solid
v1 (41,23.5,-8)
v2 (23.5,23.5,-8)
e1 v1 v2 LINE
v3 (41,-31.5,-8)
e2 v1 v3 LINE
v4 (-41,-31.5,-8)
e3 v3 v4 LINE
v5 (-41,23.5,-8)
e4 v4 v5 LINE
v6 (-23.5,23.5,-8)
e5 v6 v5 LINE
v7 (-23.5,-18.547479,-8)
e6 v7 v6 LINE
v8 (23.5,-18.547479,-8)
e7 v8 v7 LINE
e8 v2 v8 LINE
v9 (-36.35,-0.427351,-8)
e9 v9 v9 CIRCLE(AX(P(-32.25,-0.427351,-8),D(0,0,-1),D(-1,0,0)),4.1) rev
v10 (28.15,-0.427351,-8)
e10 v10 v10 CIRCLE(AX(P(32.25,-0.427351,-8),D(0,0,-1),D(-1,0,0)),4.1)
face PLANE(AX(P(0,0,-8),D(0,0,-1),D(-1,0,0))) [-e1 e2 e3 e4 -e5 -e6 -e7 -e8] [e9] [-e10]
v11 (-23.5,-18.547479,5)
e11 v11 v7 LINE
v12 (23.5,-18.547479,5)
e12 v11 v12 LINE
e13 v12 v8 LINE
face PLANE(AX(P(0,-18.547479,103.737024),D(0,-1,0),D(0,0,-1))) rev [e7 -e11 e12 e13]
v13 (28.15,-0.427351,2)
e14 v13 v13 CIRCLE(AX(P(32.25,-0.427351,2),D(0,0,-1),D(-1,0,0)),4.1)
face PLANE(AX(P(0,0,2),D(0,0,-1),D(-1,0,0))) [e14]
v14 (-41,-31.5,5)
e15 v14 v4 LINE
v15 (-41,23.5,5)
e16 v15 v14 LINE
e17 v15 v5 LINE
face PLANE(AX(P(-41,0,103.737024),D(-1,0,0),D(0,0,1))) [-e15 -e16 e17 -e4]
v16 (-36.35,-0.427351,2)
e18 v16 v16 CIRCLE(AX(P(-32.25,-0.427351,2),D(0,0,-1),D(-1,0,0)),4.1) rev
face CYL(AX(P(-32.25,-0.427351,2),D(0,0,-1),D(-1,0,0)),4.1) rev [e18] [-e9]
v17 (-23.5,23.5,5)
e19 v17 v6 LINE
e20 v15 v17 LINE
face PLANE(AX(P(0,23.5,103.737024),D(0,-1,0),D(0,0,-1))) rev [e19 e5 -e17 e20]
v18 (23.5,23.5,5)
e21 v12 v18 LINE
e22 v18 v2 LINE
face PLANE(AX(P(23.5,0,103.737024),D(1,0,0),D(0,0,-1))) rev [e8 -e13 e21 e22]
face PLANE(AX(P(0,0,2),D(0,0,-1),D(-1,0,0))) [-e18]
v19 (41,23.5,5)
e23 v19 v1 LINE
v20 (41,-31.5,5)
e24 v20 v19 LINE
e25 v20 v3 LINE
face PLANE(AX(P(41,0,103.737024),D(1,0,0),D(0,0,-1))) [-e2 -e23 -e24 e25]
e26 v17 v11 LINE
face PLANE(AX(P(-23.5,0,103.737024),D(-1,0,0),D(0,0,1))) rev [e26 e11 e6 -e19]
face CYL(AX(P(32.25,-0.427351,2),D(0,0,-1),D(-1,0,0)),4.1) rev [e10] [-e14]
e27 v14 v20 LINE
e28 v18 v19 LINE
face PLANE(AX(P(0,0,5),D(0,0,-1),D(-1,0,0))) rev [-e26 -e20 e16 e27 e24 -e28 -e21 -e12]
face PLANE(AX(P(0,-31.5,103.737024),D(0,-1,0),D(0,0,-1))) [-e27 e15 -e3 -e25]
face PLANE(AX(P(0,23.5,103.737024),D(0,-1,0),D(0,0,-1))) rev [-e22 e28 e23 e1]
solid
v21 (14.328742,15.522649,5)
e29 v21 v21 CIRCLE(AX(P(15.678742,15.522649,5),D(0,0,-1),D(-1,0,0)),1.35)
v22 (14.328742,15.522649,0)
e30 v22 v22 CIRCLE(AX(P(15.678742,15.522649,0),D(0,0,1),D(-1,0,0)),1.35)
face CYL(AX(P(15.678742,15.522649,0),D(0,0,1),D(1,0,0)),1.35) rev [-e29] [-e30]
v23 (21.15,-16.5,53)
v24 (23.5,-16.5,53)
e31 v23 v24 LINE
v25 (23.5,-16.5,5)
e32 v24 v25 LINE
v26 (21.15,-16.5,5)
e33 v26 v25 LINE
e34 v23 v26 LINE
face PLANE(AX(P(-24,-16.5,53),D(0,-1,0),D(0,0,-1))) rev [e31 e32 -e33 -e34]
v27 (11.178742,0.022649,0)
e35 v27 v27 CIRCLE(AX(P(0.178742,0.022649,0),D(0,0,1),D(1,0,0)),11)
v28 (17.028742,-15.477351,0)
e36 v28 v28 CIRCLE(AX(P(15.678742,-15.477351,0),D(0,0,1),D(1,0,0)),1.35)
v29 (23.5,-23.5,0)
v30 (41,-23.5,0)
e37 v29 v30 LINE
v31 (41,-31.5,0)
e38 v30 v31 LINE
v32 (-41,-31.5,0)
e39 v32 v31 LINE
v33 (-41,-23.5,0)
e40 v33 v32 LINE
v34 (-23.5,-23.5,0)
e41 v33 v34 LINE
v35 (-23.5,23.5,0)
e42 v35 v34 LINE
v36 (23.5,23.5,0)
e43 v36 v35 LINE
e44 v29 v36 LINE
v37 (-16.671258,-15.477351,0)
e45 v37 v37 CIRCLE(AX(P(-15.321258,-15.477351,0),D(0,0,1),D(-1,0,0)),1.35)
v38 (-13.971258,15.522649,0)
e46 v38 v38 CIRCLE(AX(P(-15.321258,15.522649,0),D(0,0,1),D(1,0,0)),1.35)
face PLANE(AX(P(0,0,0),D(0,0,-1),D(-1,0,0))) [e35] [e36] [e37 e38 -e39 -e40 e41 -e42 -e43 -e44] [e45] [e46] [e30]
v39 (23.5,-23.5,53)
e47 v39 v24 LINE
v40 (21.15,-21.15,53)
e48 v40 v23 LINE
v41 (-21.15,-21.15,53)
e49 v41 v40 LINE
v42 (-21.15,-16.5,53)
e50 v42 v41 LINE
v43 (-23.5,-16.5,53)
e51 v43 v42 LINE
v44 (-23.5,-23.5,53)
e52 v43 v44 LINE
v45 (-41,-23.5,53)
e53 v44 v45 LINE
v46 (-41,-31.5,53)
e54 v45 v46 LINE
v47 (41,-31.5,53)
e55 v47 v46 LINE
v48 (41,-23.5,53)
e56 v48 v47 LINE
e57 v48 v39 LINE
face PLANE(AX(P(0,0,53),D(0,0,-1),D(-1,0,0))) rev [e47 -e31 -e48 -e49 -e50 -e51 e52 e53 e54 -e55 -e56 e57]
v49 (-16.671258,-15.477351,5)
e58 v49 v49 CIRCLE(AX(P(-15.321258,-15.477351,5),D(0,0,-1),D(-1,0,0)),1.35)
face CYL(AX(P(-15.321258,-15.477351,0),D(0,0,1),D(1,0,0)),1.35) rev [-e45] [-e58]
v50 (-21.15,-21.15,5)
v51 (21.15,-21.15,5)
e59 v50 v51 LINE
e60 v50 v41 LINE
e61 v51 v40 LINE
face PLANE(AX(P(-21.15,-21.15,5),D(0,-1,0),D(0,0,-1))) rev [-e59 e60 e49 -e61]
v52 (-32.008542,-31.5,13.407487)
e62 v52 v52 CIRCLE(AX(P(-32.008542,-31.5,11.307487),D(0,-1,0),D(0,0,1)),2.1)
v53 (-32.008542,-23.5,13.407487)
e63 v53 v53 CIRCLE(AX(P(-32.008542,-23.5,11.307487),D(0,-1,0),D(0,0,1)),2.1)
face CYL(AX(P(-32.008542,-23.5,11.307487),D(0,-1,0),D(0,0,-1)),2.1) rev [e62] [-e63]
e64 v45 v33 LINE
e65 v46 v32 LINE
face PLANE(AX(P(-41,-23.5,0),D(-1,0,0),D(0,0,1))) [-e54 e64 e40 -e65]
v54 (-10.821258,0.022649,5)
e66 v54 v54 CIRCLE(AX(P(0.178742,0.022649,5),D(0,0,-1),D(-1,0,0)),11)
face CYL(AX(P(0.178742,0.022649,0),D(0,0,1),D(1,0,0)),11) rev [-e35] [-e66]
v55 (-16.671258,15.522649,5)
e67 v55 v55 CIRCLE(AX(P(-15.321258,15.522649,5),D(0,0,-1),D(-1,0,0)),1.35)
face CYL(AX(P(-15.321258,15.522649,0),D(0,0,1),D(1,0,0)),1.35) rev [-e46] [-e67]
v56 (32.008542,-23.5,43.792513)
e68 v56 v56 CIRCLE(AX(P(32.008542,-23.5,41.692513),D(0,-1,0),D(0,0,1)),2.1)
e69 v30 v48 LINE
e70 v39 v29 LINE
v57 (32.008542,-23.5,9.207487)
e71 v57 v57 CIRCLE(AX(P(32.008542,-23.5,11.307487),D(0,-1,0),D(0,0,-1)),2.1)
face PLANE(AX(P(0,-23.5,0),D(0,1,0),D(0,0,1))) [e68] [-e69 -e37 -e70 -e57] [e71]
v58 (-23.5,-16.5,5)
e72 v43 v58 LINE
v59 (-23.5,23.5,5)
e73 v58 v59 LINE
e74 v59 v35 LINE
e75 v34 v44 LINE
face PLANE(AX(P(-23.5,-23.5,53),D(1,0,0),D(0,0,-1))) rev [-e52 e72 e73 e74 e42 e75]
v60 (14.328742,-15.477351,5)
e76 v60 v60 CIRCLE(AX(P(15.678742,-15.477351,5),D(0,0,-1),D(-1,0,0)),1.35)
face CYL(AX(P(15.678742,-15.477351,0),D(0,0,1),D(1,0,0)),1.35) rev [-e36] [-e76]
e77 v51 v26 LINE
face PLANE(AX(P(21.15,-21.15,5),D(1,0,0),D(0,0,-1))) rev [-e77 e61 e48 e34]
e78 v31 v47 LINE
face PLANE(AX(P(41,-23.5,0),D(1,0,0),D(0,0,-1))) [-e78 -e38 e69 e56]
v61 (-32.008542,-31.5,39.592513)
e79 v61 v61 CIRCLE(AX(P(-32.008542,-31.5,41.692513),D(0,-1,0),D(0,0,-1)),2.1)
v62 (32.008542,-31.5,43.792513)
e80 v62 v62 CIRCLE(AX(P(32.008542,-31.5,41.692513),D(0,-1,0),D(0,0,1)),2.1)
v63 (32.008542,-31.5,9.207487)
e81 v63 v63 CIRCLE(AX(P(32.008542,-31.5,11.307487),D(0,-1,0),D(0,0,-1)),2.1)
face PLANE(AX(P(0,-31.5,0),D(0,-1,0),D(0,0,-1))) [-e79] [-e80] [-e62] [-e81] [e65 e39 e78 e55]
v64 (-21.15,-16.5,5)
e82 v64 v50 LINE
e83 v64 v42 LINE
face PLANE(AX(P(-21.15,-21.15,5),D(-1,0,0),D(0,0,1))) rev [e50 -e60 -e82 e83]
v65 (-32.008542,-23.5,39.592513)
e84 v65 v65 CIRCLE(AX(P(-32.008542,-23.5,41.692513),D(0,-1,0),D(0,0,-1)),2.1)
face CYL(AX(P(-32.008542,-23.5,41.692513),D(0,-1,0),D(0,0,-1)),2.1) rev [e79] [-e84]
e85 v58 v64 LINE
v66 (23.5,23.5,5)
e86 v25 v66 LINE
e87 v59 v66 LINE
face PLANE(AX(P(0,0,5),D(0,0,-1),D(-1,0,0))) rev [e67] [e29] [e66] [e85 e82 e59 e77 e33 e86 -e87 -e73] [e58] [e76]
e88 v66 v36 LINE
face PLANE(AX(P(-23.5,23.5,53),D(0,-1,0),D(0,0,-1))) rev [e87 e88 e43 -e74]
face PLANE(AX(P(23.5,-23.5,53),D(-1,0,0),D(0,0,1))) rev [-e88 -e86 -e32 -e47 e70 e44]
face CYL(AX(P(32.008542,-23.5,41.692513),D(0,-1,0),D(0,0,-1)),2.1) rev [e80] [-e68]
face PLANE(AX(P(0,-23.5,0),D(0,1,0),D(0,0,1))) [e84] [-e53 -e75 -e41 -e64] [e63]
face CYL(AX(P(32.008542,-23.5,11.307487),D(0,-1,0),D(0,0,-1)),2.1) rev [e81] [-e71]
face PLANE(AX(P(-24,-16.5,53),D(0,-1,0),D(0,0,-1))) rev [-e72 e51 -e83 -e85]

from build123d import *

# Parameters (mm, degrees)
SKETCH_1_W               = 47
SKETCH_1_H               = 47
EXTRUDE_1_DEPTH          = 53
SKETCH_2_W               = 42.3
SKETCH_2_H               = 42.3
CUT_EXTRUDE_1_DEPTH      = 48
CUT_EXTRUDE_2_DEPTH      = 59.38236035
CUT_EXTRUDE_2_DEPTH_BACK = 59.38236035
SKETCH_3_R               = 11
SKETCH_3_R_2             = 1.35
SKETCH_7_W               = 48
SKETCH_7_H               = 40
CUT_EXTRUDE_5_DEPTH      = 47.5
SKETCH_16_W              = 47
SKETCH_16_H              = 53
EXTRUDE_4_DEPTH          = 8
SKETCH_17_W              = 82
SKETCH_17_H              = 53
SKETCH_17_R              = 2.1
EXTRUDE_5_DEPTH          = 8
EXTRUDE_17_DEPTH         = 8
EXTRUDE_17_DEPTH_BACK    = 5
SKETCH_24_R              = 4.1
CUT_EXTRUDE_6_DEPTH      = 10


with BuildPart() as part:
    # Эскиз1 → Бобышка-Вытянуть1 (new body)
    with BuildSketch(Plane.XY):
        Rectangle(SKETCH_1_W, SKETCH_1_H)
    extrude(amount=EXTRUDE_1_DEPTH)

    # Эскиз2 → Вырез-Вытянуть1 (cut)
    with BuildSketch(Plane.XY.offset(53)):
        Rectangle(SKETCH_2_W, SKETCH_2_H)
    extrude(amount=-CUT_EXTRUDE_1_DEPTH, mode=Mode.SUBTRACT)

    # Эскиз3 → Вырез-Вытянуть2 (cut, two sides: drawn at the far end of the back side and taken through both)
    with BuildSketch(Plane.XY.offset(5).offset(-CUT_EXTRUDE_2_DEPTH_BACK)):
        with Locations((0.178742266, 0.022649375)):
            Circle(SKETCH_3_R)
        with Locations((-15.321257734, 15.522649375)):
            Circle(SKETCH_3_R_2)
        with Locations(Location((15.678742266, 15.522649375, 0), (0, 0, 180))):
            Circle(SKETCH_3_R_2)
        with Locations((15.678742266, -15.477350625)):
            Circle(SKETCH_3_R_2)
        with Locations(Location((-15.321257734, -15.477350625, 0), (0, 0, 180))):
            Circle(SKETCH_3_R_2)
    extrude(amount=CUT_EXTRUDE_2_DEPTH + CUT_EXTRUDE_2_DEPTH_BACK, mode=Mode.SUBTRACT)

    # Эскиз7 → Вырез-Вытянуть5 (cut)
    with BuildSketch(Plane(origin=(23.5, 0, 0), x_dir=(0, 0, -1), z_dir=(1, 0, 0))):
        with Locations((-29, 3.5)):
            Rectangle(SKETCH_7_W, SKETCH_7_H)
    extrude(amount=-CUT_EXTRUDE_5_DEPTH, mode=Mode.SUBTRACT)

    # Эскиз16 → Бобышка-Вытянуть4 (add)
    with BuildSketch(Plane.XZ.offset(23.5)):
        with Locations((0, 26.5)):
            Rectangle(SKETCH_16_W, SKETCH_16_H)
    extrude(amount=EXTRUDE_4_DEPTH)

    # Эскиз17 → Бобышка-Вытянуть5 (add)
    with BuildSketch(Plane.XZ.offset(31.5)):
        with Locations((0, 26.5)):
            Rectangle(SKETCH_17_W, SKETCH_17_H)
        with Locations(Location((-32.008542265, 41.692513381, 0), (0, 0, 270))):
            Circle(SKETCH_17_R, mode=Mode.SUBTRACT)
        with Locations(Location((-32.008542265, 11.307486619, 0), (0, 0, 90))):
            Circle(SKETCH_17_R, mode=Mode.SUBTRACT)
        with Locations(Location((32.008542265, 11.307486619, 0), (0, 0, 270))):
            Circle(SKETCH_17_R, mode=Mode.SUBTRACT)
        with Locations(Location((32.008542265, 41.692513381, 0), (0, 0, 90))):
            Circle(SKETCH_17_R, mode=Mode.SUBTRACT)
    extrude(amount=-EXTRUDE_5_DEPTH)


with BuildPart() as body_2:
    # Эскиз22 → Бобышка-Вытянуть17 (new, two sides: drawn at the far end of the back side and taken through both)
    with BuildSketch(Plane(origin=(0, 0, 0), x_dir=(-1, 0, 0), z_dir=(0, 0, -1)).offset(-EXTRUDE_17_DEPTH_BACK)):
        Polygon((-23.5, 23.5), (-41, 23.5), (-41, -31.5), (41, -31.5), (41, 23.5), (23.5, 23.5), (23.5, -18.547479391), (-23.5, -18.547479391), align=None)
    extrude(amount=EXTRUDE_17_DEPTH + EXTRUDE_17_DEPTH_BACK)

    # Эскиз24 → Вырез-Вытянуть6 (cut)
    with BuildSketch(Plane(origin=(0, 0, -8), x_dir=(-1, 0, 0), z_dir=(0, 0, -1))):
        with Locations((-32.25, -0.427350625)):
            Circle(SKETCH_24_R)
        with Locations((32.25, -0.427350625)):
            Circle(SKETCH_24_R)
    extrude(amount=-CUT_EXTRUDE_6_DEPTH, mode=Mode.SUBTRACT)


solid = Compound([part.part, body_2.part])
